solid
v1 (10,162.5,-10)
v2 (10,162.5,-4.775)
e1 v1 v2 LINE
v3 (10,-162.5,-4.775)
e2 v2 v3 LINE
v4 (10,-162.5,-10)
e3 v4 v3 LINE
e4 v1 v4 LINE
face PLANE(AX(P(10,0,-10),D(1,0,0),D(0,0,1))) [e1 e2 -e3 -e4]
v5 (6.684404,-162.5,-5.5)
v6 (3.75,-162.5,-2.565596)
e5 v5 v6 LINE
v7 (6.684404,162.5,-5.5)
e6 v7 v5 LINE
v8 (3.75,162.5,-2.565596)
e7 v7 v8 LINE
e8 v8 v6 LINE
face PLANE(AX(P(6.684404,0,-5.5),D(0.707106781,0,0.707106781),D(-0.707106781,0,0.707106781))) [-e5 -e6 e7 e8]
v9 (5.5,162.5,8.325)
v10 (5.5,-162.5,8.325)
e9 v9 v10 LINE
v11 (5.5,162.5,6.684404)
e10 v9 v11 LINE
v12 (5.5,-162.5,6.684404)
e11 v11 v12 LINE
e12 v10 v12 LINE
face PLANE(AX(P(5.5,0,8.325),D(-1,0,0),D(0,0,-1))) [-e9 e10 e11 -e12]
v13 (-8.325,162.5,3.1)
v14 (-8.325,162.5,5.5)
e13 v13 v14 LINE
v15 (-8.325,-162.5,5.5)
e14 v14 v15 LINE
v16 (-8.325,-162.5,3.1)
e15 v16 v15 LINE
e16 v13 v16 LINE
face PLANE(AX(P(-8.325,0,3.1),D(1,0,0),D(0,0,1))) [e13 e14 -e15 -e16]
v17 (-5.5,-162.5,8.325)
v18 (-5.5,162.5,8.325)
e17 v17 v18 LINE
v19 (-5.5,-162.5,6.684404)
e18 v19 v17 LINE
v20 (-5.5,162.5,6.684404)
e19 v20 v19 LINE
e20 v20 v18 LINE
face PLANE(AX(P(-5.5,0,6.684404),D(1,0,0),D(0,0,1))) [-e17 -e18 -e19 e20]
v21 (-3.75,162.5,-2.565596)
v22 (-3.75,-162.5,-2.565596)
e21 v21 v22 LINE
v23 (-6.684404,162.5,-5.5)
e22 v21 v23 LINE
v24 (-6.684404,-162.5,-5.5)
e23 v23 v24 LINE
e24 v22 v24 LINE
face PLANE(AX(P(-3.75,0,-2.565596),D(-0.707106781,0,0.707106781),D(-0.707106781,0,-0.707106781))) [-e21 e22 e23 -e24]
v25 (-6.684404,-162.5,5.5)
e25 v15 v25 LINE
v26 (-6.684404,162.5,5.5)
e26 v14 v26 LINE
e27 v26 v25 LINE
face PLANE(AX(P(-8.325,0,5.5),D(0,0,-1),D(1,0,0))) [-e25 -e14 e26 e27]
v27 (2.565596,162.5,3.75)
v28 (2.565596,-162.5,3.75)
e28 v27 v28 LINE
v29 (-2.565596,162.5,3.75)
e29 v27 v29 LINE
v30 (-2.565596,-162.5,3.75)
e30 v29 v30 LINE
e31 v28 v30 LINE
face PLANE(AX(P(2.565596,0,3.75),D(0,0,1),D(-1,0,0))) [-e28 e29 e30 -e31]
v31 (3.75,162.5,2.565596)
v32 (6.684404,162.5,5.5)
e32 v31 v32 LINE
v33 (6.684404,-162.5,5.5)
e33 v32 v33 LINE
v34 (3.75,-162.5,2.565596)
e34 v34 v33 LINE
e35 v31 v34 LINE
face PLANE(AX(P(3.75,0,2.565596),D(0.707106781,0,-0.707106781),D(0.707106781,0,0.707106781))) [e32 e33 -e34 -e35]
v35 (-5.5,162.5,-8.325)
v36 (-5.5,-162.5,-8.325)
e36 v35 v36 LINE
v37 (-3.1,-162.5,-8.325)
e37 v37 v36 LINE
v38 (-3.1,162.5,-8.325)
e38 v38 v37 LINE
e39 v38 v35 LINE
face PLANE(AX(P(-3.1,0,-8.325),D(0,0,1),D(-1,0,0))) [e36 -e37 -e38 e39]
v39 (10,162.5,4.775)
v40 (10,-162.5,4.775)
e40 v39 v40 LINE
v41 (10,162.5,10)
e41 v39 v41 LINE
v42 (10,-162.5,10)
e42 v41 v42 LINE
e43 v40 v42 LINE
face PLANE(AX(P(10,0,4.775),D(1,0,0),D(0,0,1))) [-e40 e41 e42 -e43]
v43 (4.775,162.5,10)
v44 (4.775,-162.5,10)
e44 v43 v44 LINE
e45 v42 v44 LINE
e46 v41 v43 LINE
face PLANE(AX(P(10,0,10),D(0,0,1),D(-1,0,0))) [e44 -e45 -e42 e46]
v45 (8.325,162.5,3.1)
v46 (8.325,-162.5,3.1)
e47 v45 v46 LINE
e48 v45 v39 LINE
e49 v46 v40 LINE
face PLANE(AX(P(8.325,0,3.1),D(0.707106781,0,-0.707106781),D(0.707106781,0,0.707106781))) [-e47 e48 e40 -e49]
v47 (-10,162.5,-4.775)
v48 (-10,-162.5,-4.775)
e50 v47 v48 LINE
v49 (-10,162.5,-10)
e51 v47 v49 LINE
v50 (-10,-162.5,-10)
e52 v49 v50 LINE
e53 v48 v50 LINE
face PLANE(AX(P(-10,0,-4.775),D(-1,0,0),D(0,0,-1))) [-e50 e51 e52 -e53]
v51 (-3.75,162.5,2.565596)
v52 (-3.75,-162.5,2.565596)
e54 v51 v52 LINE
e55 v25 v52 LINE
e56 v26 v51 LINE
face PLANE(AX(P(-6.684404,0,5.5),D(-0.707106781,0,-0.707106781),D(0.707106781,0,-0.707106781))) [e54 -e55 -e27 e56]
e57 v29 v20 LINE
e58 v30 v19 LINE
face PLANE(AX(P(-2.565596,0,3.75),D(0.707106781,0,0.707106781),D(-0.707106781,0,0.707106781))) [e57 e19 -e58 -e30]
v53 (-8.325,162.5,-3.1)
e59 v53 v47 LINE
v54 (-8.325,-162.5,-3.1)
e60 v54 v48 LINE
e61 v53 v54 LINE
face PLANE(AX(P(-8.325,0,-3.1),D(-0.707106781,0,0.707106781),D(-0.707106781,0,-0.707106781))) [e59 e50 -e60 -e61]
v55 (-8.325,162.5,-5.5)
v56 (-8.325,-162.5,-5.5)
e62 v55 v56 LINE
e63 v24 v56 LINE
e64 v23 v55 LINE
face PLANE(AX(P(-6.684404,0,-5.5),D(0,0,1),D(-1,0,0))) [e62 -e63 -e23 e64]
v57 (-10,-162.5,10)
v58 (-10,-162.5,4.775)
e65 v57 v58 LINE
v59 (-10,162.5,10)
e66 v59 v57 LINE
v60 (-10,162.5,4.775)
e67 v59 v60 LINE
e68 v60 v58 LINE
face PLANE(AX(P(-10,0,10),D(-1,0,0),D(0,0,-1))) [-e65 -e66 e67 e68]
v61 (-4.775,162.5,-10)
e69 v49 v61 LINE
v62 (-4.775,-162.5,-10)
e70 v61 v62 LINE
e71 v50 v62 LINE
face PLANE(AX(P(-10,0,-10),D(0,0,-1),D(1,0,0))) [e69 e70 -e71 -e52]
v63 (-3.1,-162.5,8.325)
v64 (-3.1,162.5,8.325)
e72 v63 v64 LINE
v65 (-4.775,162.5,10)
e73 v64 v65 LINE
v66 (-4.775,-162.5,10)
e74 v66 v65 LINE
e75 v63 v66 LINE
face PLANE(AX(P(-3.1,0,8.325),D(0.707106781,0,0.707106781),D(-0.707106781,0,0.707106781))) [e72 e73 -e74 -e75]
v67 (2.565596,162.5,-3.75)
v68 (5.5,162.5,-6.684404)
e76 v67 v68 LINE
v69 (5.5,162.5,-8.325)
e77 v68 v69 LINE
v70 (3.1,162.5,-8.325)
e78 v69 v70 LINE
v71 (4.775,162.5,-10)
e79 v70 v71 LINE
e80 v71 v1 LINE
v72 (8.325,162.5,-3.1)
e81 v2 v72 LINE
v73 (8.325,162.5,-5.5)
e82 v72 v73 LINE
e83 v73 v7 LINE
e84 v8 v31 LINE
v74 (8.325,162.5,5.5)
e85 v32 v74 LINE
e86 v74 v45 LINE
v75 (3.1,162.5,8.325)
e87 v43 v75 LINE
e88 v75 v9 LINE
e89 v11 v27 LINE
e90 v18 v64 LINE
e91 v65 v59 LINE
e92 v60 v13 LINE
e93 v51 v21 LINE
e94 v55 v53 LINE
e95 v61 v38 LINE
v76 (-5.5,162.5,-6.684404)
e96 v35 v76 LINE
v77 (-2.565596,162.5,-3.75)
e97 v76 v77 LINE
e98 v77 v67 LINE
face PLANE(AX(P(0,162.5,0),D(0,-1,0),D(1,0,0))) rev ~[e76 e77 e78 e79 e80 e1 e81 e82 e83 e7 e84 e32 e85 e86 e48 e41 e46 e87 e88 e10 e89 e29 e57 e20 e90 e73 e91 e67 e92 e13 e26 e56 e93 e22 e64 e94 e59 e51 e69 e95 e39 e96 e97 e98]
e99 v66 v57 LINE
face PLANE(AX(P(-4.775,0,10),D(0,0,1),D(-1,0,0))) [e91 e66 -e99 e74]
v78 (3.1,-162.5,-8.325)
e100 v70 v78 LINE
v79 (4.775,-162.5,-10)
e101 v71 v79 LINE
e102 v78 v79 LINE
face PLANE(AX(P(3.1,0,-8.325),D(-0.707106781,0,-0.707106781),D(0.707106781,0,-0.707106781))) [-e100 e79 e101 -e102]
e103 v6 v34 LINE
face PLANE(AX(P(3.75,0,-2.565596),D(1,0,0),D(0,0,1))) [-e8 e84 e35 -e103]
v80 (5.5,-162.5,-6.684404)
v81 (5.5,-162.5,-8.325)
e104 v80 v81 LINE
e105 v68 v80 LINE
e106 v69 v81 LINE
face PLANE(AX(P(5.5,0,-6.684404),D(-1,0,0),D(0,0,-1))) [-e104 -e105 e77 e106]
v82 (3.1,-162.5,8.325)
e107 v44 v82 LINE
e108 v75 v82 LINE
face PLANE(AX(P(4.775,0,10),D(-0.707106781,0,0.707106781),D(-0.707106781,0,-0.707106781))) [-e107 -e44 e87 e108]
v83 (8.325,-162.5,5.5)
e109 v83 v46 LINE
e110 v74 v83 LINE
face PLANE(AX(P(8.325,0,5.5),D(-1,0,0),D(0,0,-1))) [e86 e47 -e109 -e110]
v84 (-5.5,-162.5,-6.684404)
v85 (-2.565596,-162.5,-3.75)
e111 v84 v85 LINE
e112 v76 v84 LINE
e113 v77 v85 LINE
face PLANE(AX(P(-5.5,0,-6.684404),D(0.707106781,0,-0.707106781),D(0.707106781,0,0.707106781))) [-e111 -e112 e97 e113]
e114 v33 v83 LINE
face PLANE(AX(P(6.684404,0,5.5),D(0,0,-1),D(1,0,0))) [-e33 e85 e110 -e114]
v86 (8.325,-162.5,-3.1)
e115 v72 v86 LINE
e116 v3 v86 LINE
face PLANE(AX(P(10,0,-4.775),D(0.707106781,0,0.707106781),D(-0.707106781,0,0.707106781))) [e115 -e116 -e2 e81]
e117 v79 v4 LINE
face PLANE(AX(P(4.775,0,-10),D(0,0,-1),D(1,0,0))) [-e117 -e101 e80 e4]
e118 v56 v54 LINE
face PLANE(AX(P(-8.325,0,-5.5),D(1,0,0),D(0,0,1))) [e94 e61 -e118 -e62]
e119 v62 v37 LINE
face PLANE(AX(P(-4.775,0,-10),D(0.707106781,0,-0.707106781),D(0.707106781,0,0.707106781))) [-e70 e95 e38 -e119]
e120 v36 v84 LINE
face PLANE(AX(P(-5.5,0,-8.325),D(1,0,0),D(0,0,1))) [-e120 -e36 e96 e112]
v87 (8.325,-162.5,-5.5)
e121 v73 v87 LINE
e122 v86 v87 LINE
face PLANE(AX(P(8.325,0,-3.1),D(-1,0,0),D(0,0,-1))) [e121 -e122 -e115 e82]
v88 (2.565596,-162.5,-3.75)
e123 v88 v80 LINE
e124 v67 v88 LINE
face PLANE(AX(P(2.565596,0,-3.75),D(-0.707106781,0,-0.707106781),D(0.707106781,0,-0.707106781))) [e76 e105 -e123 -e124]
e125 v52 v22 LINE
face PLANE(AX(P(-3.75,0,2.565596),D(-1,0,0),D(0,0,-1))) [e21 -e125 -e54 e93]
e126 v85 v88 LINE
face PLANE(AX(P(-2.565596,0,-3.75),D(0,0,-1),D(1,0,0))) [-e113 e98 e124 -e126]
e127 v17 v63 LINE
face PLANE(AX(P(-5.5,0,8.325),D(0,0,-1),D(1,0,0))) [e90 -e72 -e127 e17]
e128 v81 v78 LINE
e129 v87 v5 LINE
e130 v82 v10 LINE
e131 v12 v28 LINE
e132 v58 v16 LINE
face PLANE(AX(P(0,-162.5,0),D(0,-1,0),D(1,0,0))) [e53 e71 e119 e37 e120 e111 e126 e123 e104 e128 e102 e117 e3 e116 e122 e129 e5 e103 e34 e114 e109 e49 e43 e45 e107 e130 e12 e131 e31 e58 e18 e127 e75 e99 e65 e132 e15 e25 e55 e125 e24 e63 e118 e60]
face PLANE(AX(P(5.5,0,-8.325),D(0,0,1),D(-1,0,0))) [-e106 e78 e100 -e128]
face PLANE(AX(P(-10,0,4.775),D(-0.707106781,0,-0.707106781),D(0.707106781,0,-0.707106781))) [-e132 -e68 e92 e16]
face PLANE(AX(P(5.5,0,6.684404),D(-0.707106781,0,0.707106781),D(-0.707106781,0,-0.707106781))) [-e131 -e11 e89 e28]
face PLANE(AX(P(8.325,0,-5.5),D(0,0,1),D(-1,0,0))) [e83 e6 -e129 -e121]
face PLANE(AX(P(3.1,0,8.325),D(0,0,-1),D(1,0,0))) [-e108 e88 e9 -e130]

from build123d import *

# Parameters (mm, degrees)
F1_DEPTH = 162.5


with BuildPart() as f1:
    # F0 (on Front) → F1 (new body, symmetric)
    with BuildSketch(Plane.XZ):
        Polygon((-4.775, 10), (-10, 10), (-10, 4.775), (-8.325, 3.1), (-8.325, 5.5), (-6.684404, 5.5), (-3.75, 2.565596), (-3.75, 0), (-3.75, -2.565596), (-6.684404, -5.5), (-8.325, -5.5), (-8.325, -3.1), (-10, -4.775), (-10, -10), (-4.775, -10), (-3.1, -8.325), (-5.5, -8.325), (-5.5, -6.684404), (-2.565596, -3.75), (0, -3.75), (2.565596, -3.75), (5.5, -6.684404), (5.5, -8.325), (3.1, -8.325), (4.775, -10), (10, -10), (10, -4.775), (8.325, -3.1), (8.325, -5.5), (6.684404, -5.5), (3.75, -2.565596), (3.75, 0), (3.75, 2.565596), (6.684404, 5.5), (8.325, 5.5), (8.325, 3.1), (10, 4.775), (10, 10), (4.775, 10), (3.1, 8.325), (5.5, 8.325), (5.5, 6.684404), (2.565596, 3.75), (0, 3.75), (-2.565596, 3.75), (-5.5, 6.684404), (-5.5, 8.325), (-3.1, 8.325), align=None)
    extrude(amount=F1_DEPTH, both=True)


solid = f1.part
